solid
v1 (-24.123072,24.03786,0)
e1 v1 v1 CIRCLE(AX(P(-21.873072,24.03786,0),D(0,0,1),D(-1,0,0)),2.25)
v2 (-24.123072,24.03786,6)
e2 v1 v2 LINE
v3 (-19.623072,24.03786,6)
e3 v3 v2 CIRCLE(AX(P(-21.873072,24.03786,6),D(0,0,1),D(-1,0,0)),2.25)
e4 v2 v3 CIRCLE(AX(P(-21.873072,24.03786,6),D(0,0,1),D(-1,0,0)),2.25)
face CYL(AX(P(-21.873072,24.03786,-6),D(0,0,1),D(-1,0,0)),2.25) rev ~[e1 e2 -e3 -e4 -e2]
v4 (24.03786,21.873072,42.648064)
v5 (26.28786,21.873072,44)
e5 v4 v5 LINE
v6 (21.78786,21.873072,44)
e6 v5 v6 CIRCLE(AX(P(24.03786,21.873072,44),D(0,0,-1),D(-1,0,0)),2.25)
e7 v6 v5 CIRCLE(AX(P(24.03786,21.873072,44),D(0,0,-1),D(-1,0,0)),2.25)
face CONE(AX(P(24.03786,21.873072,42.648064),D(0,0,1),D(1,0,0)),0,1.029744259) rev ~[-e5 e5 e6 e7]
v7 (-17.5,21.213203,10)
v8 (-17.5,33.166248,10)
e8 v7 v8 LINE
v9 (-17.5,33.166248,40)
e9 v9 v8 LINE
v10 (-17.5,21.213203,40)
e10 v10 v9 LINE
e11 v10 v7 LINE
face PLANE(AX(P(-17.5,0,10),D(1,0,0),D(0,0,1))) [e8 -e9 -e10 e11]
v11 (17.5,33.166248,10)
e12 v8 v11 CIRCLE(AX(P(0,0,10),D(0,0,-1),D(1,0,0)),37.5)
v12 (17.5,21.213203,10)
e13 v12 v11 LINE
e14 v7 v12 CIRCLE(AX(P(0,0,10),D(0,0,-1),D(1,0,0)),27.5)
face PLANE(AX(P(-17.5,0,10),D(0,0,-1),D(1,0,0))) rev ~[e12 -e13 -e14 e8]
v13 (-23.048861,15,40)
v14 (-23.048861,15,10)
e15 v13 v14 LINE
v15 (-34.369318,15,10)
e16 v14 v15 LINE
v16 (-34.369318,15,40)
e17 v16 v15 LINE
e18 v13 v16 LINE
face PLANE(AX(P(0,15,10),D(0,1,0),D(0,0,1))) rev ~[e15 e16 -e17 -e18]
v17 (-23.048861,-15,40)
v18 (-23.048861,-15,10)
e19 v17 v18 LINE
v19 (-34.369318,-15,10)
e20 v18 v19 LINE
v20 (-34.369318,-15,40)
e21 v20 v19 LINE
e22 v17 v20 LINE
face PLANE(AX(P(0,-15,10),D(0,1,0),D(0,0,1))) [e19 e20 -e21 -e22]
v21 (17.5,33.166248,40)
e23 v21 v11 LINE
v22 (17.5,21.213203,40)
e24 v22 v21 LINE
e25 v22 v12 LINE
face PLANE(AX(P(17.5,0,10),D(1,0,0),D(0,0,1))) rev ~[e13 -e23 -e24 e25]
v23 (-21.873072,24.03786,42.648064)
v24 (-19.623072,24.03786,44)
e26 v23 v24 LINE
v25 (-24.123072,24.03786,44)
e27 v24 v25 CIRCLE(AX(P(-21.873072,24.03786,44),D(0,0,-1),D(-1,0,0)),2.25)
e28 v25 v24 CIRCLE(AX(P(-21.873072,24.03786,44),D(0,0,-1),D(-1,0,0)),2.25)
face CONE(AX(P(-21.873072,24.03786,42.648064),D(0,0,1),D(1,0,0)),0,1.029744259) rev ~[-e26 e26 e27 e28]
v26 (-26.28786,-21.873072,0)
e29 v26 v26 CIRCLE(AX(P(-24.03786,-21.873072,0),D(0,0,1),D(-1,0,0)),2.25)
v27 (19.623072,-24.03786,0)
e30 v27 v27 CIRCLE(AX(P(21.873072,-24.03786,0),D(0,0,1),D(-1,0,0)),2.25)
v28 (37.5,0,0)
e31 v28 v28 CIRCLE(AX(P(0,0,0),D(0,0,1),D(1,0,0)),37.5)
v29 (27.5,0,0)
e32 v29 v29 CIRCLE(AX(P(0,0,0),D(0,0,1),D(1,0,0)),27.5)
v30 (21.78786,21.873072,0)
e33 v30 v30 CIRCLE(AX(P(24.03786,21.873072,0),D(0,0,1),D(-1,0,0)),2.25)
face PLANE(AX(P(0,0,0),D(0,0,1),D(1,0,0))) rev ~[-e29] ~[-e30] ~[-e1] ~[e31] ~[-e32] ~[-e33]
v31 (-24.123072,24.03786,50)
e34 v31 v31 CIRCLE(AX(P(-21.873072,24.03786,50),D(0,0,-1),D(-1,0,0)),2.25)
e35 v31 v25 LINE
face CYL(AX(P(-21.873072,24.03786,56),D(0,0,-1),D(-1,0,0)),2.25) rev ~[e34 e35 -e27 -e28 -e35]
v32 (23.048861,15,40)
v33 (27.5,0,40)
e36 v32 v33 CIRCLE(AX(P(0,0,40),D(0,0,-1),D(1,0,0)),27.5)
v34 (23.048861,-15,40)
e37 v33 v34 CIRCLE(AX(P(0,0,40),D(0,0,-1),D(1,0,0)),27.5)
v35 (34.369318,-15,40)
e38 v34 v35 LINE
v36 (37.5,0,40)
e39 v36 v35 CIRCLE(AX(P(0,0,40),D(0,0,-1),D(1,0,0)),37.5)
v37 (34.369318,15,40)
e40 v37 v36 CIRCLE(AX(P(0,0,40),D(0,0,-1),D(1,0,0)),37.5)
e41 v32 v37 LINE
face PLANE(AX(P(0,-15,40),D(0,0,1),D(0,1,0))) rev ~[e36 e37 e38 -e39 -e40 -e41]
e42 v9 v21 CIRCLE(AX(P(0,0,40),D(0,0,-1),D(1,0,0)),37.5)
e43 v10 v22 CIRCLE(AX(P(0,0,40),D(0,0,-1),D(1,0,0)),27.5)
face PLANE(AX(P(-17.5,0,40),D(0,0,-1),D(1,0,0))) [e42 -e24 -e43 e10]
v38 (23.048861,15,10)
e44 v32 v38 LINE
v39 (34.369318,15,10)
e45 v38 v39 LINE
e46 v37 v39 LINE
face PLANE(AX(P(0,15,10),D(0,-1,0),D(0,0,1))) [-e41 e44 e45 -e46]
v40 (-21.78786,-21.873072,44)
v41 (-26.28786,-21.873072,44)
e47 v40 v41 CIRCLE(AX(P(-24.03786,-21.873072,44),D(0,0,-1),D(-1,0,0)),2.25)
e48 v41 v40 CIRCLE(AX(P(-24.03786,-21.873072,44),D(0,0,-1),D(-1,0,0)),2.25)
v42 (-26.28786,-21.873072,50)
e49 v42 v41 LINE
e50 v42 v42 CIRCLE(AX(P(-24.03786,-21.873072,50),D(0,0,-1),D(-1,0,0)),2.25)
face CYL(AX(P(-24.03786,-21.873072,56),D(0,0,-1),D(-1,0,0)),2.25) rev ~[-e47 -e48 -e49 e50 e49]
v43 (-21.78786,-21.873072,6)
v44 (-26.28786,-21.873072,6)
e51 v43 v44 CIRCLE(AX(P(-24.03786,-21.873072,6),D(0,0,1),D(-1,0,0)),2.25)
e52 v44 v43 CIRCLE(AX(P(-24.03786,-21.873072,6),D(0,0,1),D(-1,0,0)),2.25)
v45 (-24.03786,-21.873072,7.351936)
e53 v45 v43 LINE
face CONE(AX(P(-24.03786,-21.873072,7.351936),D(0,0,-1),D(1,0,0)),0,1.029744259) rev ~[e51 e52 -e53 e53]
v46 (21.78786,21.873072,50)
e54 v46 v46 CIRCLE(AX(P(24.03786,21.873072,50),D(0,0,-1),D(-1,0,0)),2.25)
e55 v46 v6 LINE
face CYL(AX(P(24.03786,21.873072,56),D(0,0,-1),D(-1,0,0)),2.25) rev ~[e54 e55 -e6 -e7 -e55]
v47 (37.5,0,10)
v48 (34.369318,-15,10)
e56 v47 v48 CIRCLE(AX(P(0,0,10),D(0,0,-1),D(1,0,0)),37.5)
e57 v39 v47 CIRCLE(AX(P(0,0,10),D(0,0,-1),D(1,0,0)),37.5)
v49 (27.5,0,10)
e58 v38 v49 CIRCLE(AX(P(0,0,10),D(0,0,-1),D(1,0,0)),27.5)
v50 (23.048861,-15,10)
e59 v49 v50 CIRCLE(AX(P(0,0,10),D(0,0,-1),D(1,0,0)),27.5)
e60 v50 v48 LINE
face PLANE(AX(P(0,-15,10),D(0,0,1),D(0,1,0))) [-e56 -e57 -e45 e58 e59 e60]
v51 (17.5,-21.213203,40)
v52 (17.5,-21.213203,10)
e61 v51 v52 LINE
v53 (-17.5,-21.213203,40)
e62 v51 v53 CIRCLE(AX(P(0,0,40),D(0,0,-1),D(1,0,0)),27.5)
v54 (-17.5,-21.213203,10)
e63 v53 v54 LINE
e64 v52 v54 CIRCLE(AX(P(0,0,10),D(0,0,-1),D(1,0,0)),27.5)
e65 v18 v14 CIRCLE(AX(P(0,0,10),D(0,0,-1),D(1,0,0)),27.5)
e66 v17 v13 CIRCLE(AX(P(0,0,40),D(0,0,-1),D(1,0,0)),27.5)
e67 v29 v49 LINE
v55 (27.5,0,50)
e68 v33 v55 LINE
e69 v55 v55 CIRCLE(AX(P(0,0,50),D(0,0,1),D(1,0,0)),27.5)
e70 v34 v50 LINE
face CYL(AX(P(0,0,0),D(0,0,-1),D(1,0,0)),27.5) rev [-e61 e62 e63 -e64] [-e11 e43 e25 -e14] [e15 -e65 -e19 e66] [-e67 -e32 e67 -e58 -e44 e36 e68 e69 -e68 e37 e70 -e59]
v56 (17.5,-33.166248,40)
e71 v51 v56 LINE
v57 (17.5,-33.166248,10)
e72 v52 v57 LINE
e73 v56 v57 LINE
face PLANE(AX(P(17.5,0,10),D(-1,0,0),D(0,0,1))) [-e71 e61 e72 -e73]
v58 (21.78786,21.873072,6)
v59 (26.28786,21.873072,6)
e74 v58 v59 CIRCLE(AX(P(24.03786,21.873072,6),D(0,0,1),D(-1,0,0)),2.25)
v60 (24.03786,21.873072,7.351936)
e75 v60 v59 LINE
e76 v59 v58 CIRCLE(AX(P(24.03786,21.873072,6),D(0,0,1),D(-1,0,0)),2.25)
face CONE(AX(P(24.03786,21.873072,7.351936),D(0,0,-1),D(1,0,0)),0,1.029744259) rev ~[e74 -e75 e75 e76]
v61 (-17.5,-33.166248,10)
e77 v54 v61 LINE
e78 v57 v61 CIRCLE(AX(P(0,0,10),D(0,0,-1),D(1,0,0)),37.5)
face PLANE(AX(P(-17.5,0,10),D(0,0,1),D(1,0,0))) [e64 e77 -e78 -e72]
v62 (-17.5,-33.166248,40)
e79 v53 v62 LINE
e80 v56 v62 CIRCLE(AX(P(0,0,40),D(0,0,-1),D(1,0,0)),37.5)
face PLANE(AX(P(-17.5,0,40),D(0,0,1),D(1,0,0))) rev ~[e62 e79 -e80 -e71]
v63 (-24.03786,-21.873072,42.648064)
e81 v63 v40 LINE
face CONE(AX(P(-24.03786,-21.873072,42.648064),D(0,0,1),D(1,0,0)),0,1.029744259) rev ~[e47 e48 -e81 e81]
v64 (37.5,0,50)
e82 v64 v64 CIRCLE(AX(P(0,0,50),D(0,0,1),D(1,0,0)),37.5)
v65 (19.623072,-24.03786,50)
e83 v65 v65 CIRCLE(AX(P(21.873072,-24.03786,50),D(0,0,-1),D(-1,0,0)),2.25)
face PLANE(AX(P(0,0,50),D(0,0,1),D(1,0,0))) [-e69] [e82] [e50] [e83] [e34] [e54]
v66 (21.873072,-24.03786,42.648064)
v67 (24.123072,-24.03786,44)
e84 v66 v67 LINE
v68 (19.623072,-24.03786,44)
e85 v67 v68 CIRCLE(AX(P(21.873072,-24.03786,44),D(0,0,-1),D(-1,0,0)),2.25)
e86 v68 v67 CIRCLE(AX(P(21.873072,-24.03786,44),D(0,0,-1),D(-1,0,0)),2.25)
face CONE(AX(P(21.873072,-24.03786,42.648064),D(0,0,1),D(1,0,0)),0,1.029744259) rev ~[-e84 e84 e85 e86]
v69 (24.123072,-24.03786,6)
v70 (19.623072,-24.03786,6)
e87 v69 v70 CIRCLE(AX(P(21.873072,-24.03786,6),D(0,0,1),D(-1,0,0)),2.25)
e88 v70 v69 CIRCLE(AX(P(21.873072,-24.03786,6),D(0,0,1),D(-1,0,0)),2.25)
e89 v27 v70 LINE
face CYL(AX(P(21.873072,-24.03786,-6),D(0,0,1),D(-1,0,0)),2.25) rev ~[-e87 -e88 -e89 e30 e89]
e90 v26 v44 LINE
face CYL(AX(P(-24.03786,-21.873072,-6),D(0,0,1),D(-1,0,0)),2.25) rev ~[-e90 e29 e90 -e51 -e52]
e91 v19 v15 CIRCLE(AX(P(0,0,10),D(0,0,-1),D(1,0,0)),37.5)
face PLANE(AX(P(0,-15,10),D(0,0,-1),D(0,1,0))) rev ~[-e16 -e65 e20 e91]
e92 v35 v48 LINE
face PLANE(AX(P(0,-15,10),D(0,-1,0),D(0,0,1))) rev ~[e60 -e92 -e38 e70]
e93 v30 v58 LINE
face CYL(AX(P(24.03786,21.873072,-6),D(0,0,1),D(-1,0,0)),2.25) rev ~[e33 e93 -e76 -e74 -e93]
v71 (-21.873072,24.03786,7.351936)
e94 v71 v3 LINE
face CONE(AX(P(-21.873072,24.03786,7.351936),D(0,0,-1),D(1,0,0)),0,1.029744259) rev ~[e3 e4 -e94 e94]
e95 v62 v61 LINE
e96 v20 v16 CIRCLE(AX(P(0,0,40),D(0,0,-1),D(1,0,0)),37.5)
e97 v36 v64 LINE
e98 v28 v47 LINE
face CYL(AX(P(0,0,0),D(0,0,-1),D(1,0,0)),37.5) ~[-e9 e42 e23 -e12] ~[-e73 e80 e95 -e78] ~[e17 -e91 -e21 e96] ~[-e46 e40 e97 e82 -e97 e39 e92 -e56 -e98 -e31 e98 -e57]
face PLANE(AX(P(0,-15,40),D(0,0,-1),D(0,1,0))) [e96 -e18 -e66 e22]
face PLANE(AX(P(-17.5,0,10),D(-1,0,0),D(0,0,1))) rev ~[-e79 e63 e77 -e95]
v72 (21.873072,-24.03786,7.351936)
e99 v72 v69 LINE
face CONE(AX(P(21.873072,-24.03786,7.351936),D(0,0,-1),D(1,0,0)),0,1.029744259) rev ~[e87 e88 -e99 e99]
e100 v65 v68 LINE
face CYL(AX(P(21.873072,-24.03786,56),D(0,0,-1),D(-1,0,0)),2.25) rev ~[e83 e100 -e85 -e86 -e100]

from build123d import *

# Parameters (mm, degrees)
F0_R          = 37.5
F0_R_2        = 27.5
F2_DEPTH      = 50
F3_W          = 35
F3_H          = 30
F4_DEPTH      = 37.501
F4_DEPTH_BACK = 37.501
F5_W          = 30
F5_H          = 30
F6_DEPTH      = 37.501
F6_DEPTH_BACK = 37.501
F8_D          = 4.5
F8_DEPTH      = 6
F8_TIP        = 1.3519363928
F10_D         = 4.5
F10_DEPTH     = 6
F10_TIP       = 1.3519363928


with BuildPart() as f2:
    # F0 (on Top) → F2 (new body)
    with BuildSketch(Plane.XY):
        Circle(F0_R)
        Circle(F0_R_2, mode=Mode.SUBTRACT)
    extrude(amount=F2_DEPTH)

    # F3 (on Front) → F4 (cut, two sides)
    with BuildSketch(Plane.XZ) as f4_sk:
        with Locations((0, 25)):
            Rectangle(F3_W, F3_H)
    extrude(amount=-F4_DEPTH, mode=Mode.SUBTRACT)
    extrude(f4_sk.sketch, amount=F4_DEPTH_BACK, mode=Mode.SUBTRACT)

    # F5 (on Right) → F6 (cut, two sides)
    with BuildSketch(Plane.YZ) as f6_sk:
        with Locations((0, 25)):
            Rectangle(F5_W, F5_H)
    extrude(amount=-F6_DEPTH, mode=Mode.SUBTRACT)
    extrude(f6_sk.sketch, amount=F6_DEPTH_BACK, mode=Mode.SUBTRACT)

    # F8
    with Locations(Plane.XY.offset(50)):
        with Locations((21.8730719462, -24.0378602133), (24.0378602133, 21.8730719462), (-21.8730719462, 24.0378602133), (-24.0378602133, -21.8730719462)):
            Hole(F8_D / 2, depth=F8_DEPTH)
            with Locations((0, 0, -(F8_DEPTH + F8_TIP / 2))):  # 118° drill point
                Cone(0, F8_D / 2, F8_TIP, mode=Mode.SUBTRACT)

    # F10
    with Locations(Plane(origin=(0, 0, 0), x_dir=(1, 0, 0), z_dir=(0, 0, -1))):
        with Locations((21.8730719462, 24.0378602133), (24.0378602133, -21.8730719462), (-24.0378602133, 21.8730719462), (-21.8730719462, -24.0378602133)):
            Hole(F10_D / 2, depth=F10_DEPTH)
            with Locations((0, 0, -(F10_DEPTH + F10_TIP / 2))):  # 118° drill point
                Cone(0, F10_D / 2, F10_TIP, mode=Mode.SUBTRACT)


solid = f2.part
